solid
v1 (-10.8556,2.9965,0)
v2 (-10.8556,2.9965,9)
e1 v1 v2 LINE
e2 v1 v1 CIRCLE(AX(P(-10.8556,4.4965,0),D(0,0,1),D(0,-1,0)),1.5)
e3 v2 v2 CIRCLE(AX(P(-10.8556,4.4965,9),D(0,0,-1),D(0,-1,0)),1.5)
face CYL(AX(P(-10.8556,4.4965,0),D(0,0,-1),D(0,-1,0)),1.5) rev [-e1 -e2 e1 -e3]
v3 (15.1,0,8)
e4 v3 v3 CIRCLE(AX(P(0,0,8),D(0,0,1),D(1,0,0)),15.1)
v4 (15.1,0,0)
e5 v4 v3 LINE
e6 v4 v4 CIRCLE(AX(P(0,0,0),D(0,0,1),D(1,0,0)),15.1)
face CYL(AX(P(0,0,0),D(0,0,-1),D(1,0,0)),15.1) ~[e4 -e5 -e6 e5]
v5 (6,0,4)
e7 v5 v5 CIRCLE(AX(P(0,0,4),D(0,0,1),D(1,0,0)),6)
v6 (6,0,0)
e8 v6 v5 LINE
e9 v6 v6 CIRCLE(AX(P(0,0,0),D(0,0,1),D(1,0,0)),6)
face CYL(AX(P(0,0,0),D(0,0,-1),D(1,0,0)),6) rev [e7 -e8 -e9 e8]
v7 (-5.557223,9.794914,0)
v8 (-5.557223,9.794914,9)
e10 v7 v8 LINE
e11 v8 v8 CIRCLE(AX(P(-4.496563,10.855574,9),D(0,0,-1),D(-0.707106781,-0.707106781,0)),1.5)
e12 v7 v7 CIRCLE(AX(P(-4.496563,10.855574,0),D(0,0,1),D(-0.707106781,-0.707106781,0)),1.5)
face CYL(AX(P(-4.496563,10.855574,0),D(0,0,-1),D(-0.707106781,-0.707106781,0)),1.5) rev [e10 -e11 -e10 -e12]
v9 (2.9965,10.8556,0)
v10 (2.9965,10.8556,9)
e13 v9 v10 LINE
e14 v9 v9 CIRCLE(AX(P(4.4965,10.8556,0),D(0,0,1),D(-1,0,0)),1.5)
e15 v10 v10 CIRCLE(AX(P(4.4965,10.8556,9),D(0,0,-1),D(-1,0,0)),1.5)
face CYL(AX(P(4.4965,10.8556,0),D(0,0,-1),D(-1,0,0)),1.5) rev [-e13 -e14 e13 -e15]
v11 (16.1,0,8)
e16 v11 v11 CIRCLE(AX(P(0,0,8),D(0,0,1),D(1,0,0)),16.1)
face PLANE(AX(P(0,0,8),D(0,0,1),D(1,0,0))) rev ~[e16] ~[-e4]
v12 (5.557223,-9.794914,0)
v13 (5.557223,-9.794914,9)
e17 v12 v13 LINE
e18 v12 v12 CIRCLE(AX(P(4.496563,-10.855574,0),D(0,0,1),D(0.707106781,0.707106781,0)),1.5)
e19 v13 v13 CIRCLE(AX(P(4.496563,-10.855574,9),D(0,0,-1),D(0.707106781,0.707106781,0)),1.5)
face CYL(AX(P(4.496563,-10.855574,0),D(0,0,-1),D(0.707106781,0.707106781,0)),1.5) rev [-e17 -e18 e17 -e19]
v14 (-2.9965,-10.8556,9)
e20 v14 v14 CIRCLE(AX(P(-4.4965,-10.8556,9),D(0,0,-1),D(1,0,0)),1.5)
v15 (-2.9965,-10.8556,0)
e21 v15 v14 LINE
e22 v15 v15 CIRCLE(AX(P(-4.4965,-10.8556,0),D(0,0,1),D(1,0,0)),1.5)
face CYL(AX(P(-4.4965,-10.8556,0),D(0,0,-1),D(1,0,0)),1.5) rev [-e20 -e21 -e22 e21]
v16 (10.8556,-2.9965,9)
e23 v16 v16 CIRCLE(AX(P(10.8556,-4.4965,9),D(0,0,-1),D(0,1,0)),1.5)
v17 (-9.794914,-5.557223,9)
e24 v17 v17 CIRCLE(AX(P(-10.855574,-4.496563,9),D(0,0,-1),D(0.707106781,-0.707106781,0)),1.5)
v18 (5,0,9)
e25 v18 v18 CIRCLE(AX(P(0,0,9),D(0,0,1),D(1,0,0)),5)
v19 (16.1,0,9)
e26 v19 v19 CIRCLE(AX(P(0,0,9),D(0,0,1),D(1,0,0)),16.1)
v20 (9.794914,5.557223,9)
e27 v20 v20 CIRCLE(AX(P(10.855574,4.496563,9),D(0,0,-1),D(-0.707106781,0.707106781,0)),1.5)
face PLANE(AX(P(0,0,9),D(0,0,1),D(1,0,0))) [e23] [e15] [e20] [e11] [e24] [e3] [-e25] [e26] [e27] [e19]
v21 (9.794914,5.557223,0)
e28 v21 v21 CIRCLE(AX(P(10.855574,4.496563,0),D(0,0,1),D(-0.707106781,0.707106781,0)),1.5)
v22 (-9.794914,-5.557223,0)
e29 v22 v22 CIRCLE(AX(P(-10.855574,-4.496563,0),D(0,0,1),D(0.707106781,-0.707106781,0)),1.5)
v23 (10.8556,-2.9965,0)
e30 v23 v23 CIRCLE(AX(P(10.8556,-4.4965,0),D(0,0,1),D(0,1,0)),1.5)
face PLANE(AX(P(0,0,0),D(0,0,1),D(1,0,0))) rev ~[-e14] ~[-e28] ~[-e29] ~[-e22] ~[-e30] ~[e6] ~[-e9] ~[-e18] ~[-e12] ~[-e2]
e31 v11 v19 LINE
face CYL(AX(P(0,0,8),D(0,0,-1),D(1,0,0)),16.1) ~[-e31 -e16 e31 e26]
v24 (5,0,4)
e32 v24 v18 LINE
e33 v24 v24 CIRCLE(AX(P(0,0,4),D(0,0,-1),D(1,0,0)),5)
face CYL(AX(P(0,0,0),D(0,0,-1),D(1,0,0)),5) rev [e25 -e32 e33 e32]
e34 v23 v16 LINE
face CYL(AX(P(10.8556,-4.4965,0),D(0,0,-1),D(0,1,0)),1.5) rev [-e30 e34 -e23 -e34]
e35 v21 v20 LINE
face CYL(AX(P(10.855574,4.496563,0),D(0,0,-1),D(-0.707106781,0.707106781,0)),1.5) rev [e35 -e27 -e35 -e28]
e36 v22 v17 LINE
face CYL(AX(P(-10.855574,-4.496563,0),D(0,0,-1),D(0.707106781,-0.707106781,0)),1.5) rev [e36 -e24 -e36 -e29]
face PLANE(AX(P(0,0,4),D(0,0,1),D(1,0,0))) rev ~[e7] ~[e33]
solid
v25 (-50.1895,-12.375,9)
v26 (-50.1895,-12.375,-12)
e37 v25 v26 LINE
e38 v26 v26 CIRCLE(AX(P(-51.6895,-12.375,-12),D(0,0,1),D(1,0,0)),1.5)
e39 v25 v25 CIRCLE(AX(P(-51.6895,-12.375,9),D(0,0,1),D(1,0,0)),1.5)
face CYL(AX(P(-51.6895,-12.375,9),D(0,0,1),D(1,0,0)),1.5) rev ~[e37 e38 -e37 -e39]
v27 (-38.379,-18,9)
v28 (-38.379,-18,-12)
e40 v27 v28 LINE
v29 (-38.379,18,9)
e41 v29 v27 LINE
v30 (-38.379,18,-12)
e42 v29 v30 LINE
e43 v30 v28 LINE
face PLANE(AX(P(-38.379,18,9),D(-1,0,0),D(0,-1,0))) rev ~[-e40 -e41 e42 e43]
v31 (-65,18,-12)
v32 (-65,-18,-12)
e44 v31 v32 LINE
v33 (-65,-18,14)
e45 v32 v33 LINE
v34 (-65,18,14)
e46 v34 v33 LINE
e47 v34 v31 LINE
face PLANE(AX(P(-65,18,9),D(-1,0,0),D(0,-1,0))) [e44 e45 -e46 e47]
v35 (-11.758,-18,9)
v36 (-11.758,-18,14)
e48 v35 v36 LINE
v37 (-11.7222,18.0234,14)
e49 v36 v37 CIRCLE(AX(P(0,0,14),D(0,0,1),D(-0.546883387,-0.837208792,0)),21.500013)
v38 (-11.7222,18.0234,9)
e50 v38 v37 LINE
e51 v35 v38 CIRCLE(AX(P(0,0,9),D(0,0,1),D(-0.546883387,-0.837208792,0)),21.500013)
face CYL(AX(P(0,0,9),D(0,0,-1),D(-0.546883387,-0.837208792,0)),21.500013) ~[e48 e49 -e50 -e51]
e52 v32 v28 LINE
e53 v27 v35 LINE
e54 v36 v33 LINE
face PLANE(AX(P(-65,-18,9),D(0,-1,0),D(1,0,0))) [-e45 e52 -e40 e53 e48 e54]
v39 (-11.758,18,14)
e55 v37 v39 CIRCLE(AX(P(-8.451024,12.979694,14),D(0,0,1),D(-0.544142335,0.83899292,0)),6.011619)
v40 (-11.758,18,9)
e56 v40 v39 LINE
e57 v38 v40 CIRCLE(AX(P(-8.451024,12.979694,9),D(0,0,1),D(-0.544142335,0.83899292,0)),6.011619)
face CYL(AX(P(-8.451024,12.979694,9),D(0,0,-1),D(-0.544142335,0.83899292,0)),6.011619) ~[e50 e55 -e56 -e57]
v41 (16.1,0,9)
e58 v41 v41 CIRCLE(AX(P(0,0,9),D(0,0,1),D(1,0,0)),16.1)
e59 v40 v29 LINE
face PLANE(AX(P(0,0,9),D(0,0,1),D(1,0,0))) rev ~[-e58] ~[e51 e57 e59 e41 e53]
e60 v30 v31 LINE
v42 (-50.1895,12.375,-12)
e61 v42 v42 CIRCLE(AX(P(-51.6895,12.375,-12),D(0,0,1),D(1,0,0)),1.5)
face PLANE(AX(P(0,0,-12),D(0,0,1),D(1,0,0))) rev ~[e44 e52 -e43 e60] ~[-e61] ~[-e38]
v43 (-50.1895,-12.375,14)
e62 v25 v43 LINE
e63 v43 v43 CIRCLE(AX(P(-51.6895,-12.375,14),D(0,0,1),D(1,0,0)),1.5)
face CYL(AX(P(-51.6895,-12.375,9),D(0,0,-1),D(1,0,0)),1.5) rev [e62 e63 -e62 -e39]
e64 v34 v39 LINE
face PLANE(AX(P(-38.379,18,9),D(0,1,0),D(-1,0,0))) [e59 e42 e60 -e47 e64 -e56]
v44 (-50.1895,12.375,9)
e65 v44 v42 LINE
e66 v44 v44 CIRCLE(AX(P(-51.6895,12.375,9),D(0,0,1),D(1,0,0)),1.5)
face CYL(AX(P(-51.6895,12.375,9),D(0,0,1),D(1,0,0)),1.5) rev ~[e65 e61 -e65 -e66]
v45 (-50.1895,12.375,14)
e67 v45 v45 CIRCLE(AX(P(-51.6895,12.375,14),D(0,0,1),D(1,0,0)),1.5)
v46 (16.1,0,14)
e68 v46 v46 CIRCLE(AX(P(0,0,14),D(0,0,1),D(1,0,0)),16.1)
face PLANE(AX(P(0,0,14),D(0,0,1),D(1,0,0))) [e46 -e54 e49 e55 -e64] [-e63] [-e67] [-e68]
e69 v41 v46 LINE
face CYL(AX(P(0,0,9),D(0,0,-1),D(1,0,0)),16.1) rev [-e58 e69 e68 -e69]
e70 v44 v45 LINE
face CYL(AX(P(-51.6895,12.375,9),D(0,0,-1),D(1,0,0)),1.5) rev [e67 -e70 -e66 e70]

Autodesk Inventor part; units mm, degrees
ref_plane "YZ Plane" through (0, 0, 0) normal (1, 0, 0) x (0, 1, 0)
ref_plane "XZ Plane" through (0, 0, 0) normal (0, 1, 0) x (-1, 0, 0)
ref_plane "XY Plane" through (0, 0, 0) normal (0, 0, 1) x (1, 0, 0)
sketch "Sketch1" plane through (0, 0, 0) normal (0, 0, 1) x (1, 0, 0)
  circle A0 centre (0, 0) radius 15.1
  circle A1 centre (0, 0) radius 5
  dimension "d0" = 30.2
  dimension "d1" = 10
extrude "Extrusion1" add sketch "Sketch1" along normal blind 8
sketch "Sketch3" plane through (0, 0, 8) normal (0, 0, 1) x (1, 0, 0)
  circle A0 centre (0, 0) radius 5 projected
  circle A1 centre (0, 0) radius 15.1 projected
  circle A2 centre (0, 0) radius 16.1
  dimension "d21" = 1
extrude "Extrusion3" add sketch "Sketch3" along normal blind 1 contours A1 | A2
sketch "Sketch4" plane through (0, 0, 9) normal (0, 0, 1) x (1, 0, 0)
  circle A0 centre (0, 0) radius 5 projected
  circle A1 centre (0, 0) radius 16.1 projected
  line L0 (0, 0) -> (-41.1674, 0) construction
  line L1 (-65, -18) -> (-11.758, -18)
  line L2 (-11.758, 18) -> (-65, 18)
  line L3 (-65, 18) -> (-65, -18)
  line L4 (-11.758, 18) -> (-11.758, -18) construction
  line L5 (0, 0) -> (-51.0801, 0) construction
  line L6 (-38.379, 18) -> (-38.379, -18)
  circle A2 centre (-51.6895, 12.375) radius 1.5
  circle A3 centre (-51.6895, -12.375) radius 1.5
  circle A4 centre (0, 0) radius 6
  circle A5 centre (0, 0) radius 9
  line L7 (-51.6895, 12.375) -> (-51.6895, -12.375) construction
  arc A6 (-11.7222, 18.0234) -> (-11.758, 18) centre (0, 0) ccw
  arc A7 (-11.758, -18) -> (-11.758, 18) centre (0, 0) ccw
  point P0 (-38.379, 0.051)
  point P1 (-51.6895, 0)
  point P2 (-11.758, -18)
  point P3 (-11.7222, 18.0234)
  dimension "d29" = 0
  dimension "d30" = 36
  dimension "d31" = 65
  dimension "d494" = 0
  dimension "d629" = 3
  dimension "d630" = 24.75
  dimension "d633" = 12
  dimension "d634" = 3
  dimension "d646" = 21.5
extrude "Extrusion5" add sketch "Sketch4" along normal blind 5 contours L3 L2 L6 L1 | L6 L2 A6 A7 L1
extrude "Extrusion86" add sketch "Sketch4" against normal blind 21 contours L3 L2 L6 L1
extrude "Extrusion87" cut sketch "Sketch4" along normal blind 4 from surface at -9 contours A0 | A4
sketch "Skizze97" plane through (0, 0, 0) normal (0, 0, 1) x (1, 0, 0)
  circle A0 centre (0, 0) radius 5
  circle A1 centre (0, 0) radius 22.6
  line L0 (0, 0) -> (0, -22.6) construction
  circle A2 centre (0, 0) radius 22.6
  line L1 (0, 0) -> (-8.6486, -20.8797) construction
  circle A3 centre (-4.4965, -10.8556) radius 1.5
  dimension "d637" = 22.5
  dimension "d638" = 3
  dimension "d639" = 11.75
extrude "Extrusion88" cut sketch "Skizze97" along normal through all contours A3
pattern_circular "Runde Anordnung5" count 8 over 360 about axis through (0, 0, -10) along (0, 0, 1) of "Extrusion88"
equation "\"E_\" = 1"
equation "\"Rr_\" = 2"
equation "\"R_\" = 19"
equation "\"Ri\" = 11.75"
equation "\"Ra\" = 21.5"
equation "\"Rl\" = 17.5"
equation "\"Rla\" = 18.5"
equation "\"Rli\" = 15"
equation "\"Rsi\" = 5"
equation "\"Rsa\" = 7.5"
equation "\"Rca\" = 7"
equation "\"Ras\" = 1"
equation "\"Rci\" = 5"
equation "\"Rea\" = 3.5"
equation "\"Rei\" = 2"
properties part number "motor_6809_ab"
